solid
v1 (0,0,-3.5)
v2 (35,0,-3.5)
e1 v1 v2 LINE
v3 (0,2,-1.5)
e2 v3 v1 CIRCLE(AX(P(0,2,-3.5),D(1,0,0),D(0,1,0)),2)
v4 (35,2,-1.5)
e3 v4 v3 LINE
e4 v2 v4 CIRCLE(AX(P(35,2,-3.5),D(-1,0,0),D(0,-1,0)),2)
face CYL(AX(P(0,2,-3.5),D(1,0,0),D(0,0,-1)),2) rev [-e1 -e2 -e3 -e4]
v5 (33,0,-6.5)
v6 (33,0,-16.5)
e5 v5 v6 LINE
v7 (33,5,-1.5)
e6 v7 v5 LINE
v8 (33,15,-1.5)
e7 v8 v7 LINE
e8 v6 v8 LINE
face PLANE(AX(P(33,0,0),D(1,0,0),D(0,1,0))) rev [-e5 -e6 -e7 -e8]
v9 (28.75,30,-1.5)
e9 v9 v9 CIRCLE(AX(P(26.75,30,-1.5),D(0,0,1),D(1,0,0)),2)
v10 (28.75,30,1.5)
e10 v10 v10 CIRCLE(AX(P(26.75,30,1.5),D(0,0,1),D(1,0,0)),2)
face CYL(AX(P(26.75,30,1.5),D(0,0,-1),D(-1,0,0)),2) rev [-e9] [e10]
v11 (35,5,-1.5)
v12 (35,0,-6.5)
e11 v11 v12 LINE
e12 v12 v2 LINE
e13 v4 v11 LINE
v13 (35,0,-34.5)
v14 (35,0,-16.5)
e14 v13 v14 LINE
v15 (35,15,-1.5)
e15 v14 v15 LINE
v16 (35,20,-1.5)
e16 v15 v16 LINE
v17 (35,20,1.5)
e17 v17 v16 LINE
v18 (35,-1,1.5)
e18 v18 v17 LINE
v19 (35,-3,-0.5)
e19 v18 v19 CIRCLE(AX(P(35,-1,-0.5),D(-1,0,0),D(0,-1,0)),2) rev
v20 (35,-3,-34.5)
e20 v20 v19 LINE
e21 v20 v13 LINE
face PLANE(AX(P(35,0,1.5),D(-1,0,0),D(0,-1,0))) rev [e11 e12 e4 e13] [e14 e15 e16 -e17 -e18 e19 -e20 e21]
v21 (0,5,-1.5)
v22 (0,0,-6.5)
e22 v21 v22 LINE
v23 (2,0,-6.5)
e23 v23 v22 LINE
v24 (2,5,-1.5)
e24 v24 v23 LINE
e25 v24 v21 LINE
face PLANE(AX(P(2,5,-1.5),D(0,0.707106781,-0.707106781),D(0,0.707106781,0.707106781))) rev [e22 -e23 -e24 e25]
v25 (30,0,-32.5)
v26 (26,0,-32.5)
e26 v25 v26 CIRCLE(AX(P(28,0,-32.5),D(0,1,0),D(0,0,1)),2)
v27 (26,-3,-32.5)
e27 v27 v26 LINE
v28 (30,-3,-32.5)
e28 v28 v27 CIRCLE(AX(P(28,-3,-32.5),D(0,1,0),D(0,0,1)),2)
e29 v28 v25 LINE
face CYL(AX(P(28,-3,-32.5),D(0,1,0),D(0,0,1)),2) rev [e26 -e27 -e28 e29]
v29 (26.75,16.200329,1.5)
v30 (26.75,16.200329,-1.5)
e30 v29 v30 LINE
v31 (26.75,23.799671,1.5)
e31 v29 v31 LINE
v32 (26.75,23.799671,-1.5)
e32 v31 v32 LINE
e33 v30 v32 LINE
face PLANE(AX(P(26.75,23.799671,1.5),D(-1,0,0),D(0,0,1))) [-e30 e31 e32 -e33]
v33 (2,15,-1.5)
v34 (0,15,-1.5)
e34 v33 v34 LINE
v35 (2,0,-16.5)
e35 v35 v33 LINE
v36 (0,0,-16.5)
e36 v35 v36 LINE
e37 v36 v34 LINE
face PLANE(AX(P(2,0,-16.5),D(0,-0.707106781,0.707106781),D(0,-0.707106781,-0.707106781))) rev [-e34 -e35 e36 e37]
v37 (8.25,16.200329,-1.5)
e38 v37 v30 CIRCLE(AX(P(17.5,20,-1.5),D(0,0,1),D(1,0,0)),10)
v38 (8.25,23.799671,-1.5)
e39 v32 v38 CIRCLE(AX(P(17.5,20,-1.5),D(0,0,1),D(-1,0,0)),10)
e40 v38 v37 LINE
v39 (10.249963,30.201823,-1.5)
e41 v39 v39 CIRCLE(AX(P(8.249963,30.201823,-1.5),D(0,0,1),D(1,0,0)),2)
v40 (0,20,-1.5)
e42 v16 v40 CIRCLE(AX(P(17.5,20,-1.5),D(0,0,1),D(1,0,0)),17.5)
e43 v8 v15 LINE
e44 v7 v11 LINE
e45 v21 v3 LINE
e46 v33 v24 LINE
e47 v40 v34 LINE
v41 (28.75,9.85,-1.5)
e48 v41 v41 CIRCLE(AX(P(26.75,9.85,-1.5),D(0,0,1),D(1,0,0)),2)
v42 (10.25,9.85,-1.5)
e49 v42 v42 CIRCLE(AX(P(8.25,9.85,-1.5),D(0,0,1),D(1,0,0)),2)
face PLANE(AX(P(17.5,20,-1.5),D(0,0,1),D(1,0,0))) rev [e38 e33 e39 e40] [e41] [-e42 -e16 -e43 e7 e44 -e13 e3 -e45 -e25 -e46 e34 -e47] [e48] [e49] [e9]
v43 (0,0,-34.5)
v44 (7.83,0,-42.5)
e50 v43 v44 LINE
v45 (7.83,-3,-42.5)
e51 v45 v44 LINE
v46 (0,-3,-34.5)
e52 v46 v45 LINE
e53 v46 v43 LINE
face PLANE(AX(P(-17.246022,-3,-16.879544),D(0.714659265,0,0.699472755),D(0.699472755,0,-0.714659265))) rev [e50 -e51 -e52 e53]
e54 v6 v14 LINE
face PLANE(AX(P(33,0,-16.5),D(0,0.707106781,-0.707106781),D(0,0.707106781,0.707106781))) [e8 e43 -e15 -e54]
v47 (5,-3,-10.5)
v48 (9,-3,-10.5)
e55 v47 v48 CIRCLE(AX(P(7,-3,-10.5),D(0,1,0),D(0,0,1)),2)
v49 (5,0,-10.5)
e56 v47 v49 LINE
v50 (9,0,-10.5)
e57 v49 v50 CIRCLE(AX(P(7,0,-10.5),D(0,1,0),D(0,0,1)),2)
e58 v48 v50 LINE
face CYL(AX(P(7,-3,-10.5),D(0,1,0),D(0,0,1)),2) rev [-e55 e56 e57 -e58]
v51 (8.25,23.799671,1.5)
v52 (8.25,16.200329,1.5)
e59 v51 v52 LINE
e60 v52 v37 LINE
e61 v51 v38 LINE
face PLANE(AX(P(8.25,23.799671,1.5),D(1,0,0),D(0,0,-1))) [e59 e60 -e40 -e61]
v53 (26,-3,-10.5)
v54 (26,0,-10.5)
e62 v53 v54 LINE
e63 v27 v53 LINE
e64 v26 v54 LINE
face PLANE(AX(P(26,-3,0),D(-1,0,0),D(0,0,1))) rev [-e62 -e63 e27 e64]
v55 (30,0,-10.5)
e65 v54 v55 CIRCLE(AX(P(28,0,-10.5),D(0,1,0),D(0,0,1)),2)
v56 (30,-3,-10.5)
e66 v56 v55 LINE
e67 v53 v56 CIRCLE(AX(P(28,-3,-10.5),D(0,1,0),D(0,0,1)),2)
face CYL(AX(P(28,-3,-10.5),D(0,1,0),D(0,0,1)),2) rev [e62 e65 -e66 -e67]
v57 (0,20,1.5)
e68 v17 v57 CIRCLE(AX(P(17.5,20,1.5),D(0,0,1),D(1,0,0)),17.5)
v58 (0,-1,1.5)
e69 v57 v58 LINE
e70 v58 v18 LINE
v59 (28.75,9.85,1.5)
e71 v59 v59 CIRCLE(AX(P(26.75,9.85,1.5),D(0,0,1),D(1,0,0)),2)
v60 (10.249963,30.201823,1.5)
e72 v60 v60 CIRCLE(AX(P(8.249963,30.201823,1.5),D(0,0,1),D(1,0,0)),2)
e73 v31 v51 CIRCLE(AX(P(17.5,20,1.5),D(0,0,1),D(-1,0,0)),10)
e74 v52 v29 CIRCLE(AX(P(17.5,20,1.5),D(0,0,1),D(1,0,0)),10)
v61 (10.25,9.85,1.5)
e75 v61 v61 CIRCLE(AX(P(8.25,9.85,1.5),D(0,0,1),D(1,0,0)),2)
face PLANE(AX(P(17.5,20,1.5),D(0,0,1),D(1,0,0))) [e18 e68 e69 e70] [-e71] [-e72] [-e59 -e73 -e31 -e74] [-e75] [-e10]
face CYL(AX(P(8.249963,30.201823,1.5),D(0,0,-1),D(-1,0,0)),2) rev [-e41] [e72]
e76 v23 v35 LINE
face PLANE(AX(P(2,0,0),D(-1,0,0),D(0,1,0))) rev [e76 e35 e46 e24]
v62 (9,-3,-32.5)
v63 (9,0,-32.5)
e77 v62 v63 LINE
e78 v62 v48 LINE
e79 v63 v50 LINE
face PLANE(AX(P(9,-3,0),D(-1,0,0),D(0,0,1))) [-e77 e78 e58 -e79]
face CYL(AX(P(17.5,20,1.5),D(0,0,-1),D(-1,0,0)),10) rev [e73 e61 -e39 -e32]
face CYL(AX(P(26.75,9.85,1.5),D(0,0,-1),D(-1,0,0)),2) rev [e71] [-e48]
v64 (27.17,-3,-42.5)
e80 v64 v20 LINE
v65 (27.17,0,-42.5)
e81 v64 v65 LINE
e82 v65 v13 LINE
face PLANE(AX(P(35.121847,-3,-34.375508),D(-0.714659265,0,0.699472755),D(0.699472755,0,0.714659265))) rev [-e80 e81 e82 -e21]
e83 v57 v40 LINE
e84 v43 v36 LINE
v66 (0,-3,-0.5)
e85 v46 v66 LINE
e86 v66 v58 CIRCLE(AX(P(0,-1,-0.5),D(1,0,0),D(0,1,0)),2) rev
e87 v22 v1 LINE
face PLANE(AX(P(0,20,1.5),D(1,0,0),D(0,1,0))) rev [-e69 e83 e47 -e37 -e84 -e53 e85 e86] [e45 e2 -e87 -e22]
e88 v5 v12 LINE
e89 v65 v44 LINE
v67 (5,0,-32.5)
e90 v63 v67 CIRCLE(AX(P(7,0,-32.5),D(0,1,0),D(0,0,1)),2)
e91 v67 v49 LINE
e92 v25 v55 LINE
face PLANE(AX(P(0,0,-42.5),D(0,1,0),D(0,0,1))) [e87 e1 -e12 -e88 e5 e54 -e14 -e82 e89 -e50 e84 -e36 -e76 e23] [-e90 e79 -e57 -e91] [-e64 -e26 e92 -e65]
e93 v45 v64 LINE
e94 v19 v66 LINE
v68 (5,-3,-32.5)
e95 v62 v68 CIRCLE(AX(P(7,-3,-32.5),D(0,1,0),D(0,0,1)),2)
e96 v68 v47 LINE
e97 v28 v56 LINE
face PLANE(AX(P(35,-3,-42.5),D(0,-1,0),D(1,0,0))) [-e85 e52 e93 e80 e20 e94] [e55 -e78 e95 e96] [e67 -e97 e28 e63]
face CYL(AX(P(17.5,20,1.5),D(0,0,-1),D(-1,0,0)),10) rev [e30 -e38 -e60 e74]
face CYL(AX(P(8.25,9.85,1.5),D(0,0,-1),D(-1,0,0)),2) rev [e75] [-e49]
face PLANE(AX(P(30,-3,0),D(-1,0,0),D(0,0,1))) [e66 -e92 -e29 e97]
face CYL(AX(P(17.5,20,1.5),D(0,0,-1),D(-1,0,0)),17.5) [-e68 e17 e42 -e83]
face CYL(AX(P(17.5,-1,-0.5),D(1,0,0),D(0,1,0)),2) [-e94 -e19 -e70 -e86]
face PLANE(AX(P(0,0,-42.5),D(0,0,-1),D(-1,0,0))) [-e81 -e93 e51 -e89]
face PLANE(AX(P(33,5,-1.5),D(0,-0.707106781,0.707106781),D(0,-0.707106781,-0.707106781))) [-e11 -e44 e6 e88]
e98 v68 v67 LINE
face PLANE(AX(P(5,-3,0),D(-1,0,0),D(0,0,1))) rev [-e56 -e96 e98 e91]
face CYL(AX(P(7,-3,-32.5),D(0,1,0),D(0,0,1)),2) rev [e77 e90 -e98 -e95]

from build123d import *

# Parameters (mm, degrees)
SKETCH1_R           = 2
BOSS_EXTRUDE3_DEPTH = 1.5
SKETCH5_W           = 35
SKETCH5_H           = 3
BOSS_EXTRUDE4_DEPTH = 44
BOSS_EXTRUDE5_DEPTH = 2
CUT_EXTRUDE1_DEPTH  = 67.614562972
FILLET1_R           = 2


with BuildPart() as part:
    # Sketch1 → Boss-Extrude3 (new, symmetric)
    with BuildSketch(Plane.XY):
        with BuildLine():
            Line((0, 0), (35, 0))
            Line((35, 0), (35, 20))
            ThreePointArc((35, 20), (17.5, 37.5), (0, 20))
            Line((0, 20), (0, 0))
        make_face()
        with Locations((8.249962615, 30.201823455)):
            Circle(SKETCH1_R, mode=Mode.SUBTRACT)
        with Locations((26.75, 30)):
            Circle(SKETCH1_R, mode=Mode.SUBTRACT)
        with Locations((8.25, 9.85)):
            Circle(SKETCH1_R, mode=Mode.SUBTRACT)
        with Locations((26.75, 9.85)):
            Circle(SKETCH1_R, mode=Mode.SUBTRACT)
        with BuildLine():
            Line((8.25, 23.799671038), (8.25, 16.200328962))
            ThreePointArc((8.25, 16.200328962), (17.5, 10), (26.75, 16.200328962))
            Line((26.75, 16.200328962), (26.75, 23.799671038))
            ThreePointArc((26.75, 23.799671038), (17.5, 30), (8.25, 23.799671038))
        make_face(mode=Mode.SUBTRACT)
    extrude(amount=BOSS_EXTRUDE3_DEPTH, both=True)

    # Sketch5 → Boss-Extrude4 (add)
    with BuildSketch(Plane.XY.offset(1.5)):
        with Locations((17.5, -1.5)):
            Rectangle(SKETCH5_W, SKETCH5_H)
    extrude(amount=-BOSS_EXTRUDE4_DEPTH)

    # Sketch6 → Boss-Extrude5 (add)
    with BuildSketch(Plane(origin=(35, 0, 0), x_dir=(0, 0, -1), z_dir=(1, 0, 0))):
        Polygon((1.5, 15), (1.5, 5), (6.5, 0), (16.5, 0), align=None)
    boss_extrude5 = extrude(amount=-BOSS_EXTRUDE5_DEPTH)

    # Mirror1: Boss-Extrude5 across plane
    add(boss_extrude5.mirror(Plane(origin=(17.5, 0, 0), x_dir=(0, 0, 1), z_dir=(1, 0, 0))))

    # Sketch7 → Cut-Extrude1 (cut, through all)
    with BuildSketch(Plane(origin=(0, 0, 0), x_dir=(1, 0, 0), z_dir=(0, 1, 0))):
        with BuildLine():
            Line((5, 32.5), (5, 10.5))
            ThreePointArc((5, 10.5), (7, 8.5), (9, 10.5))
            Line((9, 10.5), (9, 32.5))
            ThreePointArc((9, 32.5), (7, 34.5), (5, 32.5))
        make_face()
        with BuildLine():
            Line((26, 32.5), (26, 10.5))
            ThreePointArc((26, 10.5), (28, 8.5), (30, 10.5))
            Line((30, 10.5), (30, 32.5))
            ThreePointArc((30, 32.5), (28, 34.5), (26, 32.5))
        make_face()
        Polygon((35, 42.5), (27.17, 42.5), (35, 34.5), align=None)
        Polygon((0, 42.5), (0, 34.5), (7.83, 42.5), align=None)
    extrude(amount=-CUT_EXTRUDE1_DEPTH, mode=Mode.SUBTRACT)

    # Fillet1
    fillet1_edges = [part.edges().sort_by_distance(p)[0] for p in [
        (17.5, -3, 1.5),
        (17.5, 0, -1.5),
    ]]
    fillet(fillet1_edges, radius=FILLET1_R)


solid = part.part
